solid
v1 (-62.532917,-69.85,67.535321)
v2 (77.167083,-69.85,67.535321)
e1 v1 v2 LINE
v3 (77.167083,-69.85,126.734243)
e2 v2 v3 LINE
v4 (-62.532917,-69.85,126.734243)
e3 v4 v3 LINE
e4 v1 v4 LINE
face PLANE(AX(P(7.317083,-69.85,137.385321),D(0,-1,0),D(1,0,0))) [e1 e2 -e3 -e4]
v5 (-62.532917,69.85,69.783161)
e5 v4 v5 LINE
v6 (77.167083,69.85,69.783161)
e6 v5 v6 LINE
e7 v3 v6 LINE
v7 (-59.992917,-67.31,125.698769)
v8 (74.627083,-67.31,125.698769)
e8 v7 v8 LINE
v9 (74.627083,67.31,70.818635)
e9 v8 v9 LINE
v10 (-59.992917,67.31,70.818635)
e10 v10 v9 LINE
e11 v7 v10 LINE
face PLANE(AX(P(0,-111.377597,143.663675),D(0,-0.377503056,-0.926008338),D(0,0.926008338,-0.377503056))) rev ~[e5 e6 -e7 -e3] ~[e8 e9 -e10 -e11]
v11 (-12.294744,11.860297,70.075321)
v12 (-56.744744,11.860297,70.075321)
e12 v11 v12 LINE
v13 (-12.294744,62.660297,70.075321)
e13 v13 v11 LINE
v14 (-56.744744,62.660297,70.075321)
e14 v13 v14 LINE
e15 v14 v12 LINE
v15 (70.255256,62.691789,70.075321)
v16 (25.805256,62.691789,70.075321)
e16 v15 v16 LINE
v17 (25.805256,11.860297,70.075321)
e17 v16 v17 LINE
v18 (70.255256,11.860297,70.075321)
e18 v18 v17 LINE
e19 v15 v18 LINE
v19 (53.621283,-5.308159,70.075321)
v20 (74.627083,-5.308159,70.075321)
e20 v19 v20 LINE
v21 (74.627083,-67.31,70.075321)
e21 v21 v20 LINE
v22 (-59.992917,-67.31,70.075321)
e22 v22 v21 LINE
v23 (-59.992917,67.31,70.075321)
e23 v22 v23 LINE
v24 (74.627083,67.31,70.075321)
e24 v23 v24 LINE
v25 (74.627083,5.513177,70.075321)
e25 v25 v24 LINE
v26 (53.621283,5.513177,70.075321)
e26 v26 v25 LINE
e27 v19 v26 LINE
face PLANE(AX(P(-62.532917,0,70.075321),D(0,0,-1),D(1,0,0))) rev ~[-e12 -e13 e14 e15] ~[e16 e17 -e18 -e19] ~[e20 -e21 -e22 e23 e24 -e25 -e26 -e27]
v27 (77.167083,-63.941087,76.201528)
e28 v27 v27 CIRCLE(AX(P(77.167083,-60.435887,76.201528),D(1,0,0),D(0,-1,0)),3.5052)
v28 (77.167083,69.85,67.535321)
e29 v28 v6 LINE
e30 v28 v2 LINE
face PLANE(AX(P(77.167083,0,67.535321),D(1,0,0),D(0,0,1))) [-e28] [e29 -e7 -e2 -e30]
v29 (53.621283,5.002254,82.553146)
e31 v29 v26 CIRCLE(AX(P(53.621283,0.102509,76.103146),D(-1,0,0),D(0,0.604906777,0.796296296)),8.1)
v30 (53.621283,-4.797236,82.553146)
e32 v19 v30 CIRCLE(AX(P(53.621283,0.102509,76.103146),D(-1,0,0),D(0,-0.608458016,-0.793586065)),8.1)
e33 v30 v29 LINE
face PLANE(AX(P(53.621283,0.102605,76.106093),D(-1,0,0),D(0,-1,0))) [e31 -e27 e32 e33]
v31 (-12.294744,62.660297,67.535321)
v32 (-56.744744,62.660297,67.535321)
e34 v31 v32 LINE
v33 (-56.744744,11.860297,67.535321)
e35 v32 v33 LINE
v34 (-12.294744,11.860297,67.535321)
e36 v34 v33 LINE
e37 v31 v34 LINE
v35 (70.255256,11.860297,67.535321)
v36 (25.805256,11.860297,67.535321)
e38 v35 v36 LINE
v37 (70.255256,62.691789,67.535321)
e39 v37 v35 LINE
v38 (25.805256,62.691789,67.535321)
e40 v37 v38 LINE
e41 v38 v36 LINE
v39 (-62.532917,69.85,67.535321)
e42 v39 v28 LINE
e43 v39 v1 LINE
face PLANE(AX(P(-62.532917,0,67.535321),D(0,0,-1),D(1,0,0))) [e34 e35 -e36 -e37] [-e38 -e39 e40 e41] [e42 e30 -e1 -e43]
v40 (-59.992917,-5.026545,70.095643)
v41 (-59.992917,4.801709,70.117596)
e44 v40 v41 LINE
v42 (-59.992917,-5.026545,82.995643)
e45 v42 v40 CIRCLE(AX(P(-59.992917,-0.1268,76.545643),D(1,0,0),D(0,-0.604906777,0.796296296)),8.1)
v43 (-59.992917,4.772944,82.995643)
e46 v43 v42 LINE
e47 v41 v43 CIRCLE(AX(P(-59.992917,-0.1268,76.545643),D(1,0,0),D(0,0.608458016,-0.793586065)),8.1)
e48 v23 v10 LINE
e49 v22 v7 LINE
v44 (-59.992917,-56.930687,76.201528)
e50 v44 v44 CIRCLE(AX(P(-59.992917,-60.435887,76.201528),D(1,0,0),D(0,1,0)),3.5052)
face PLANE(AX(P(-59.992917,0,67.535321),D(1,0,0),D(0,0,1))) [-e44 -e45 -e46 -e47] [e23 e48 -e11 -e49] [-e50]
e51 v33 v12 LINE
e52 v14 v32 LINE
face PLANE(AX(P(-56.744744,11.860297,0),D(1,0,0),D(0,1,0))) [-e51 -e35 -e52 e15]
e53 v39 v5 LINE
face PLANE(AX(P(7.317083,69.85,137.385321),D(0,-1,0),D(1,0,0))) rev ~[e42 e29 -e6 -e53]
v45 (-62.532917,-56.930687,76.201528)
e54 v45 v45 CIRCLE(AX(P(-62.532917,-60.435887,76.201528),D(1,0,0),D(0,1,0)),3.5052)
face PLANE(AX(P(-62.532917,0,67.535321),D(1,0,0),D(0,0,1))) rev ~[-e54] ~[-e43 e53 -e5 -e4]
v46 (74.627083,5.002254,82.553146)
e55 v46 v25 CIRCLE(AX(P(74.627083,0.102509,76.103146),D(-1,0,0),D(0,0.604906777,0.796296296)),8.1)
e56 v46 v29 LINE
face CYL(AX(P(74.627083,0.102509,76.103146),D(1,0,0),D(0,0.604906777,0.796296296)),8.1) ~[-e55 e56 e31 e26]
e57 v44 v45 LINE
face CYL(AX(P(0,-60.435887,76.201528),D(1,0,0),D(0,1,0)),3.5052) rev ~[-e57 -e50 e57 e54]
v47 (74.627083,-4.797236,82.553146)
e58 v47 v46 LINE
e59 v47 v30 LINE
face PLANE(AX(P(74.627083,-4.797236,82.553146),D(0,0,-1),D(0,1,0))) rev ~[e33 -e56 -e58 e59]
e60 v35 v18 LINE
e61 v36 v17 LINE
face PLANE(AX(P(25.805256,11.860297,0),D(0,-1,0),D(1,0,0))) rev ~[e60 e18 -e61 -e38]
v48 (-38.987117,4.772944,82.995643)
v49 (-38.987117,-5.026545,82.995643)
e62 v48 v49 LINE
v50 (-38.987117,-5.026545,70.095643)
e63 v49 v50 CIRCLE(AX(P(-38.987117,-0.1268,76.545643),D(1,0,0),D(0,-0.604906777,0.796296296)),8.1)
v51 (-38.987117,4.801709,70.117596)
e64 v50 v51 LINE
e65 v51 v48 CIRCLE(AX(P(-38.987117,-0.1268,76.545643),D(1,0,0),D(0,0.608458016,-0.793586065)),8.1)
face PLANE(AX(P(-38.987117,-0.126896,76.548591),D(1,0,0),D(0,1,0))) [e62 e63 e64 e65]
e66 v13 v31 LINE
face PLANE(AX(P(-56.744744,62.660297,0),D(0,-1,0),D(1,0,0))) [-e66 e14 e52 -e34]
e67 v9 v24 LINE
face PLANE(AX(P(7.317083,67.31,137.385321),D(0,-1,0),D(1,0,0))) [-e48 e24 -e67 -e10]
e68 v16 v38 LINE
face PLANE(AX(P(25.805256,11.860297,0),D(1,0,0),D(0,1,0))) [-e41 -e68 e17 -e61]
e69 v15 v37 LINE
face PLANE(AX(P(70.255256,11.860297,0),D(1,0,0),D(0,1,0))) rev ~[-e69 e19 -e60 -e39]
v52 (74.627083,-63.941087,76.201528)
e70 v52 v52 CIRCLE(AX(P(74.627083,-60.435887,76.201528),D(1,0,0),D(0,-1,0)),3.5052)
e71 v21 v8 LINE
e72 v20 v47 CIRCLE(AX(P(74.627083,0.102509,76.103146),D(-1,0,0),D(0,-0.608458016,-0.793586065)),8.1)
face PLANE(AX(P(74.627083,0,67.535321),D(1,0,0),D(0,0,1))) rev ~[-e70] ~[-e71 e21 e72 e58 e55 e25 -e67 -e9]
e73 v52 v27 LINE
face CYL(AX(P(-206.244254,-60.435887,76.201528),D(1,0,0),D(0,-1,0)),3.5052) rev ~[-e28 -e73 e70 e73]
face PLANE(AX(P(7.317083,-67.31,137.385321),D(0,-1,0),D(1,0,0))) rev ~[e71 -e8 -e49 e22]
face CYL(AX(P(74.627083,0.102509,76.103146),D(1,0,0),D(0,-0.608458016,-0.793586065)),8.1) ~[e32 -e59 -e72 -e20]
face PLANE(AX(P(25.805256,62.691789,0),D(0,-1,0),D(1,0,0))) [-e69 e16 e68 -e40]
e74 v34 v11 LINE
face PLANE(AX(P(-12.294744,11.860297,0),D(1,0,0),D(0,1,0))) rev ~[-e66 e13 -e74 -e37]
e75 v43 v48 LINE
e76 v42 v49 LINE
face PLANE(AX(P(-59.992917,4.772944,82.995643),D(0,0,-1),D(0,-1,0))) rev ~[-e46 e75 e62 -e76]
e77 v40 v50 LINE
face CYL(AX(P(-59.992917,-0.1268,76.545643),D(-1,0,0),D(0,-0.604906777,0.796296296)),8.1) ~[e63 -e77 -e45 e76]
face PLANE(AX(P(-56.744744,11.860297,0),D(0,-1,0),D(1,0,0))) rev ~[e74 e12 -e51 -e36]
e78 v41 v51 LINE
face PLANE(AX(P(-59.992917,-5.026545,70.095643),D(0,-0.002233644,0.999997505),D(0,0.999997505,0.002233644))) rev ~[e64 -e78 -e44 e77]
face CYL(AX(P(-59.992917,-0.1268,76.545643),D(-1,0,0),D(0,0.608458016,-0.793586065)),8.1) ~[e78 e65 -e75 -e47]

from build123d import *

# Parameters (mm, degrees)
F0_W      = 139.7
F0_H      = 139.7
F2_DEPTH  = 69.85
F3_W      = 44.45
F3_H      = 50.8
F4_DEPTH  = 101.6
F3_H_2    = 50.8314919436
F6_DEPTH  = 101.6
F8_T      = -2.54
F10_D     = 7.0104
F10_DEPTH = 62.5339166651
F11_D     = 7.0104
F13_DEPTH = 21.0058
F15_DEPTH = 21.0058


with BuildPart() as f2:
    # F0 (on Front) → F2 (new body, symmetric)
    with BuildSketch(Plane.XZ):
        with Locations((7.3170833349, 137.3853212178)):
            Rectangle(F0_W, F0_H)
    extrude(amount=F2_DEPTH, both=True)


with BuildPart() as f4:
    # F3 (on Top) → F4 (new body, symmetric)
    with BuildSketch(Plane.XY):
        with Locations((-34.519743681, 37.2602967441)):
            Rectangle(F3_W, F3_H)
    extrude(amount=F4_DEPTH, both=True)


with BuildPart() as f4b:
    # F3 (on Top) → F4, piece 2 (new body, symmetric)
    with BuildSketch(Plane.XY):
        with Locations((48.030256319, 37.2760427159)):
            Rectangle(F3_W, F3_H_2)
    extrude(amount=F4_DEPTH, both=True)


with BuildPart() as f6:
    # F5 (on Right) → F6 (new body, symmetric)
    with BuildSketch(Plane.YZ):
        Polygon((76.787297499, 66.9550536128), (134.3187632341, 208.0787243784), (-53.84613112, 284.7873453586), (-111.3775968552, 143.663674593), align=None)
    extrude(amount=F6_DEPTH, both=True)


with BuildPart() as f2_1:
    add(f2.part)

    # F7: cut F6
    add(f6.part, mode=Mode.SUBTRACT)

    # F8
    f8_openings = [f2_1.faces().sort_by_distance(p)[0] for p in [
        (7.317083, 0, 98.258702),
    ]]
    offset(amount=F8_T, openings=f8_openings)

    # F9: cut F4b, F4
    add(f4b.part, mode=Mode.SUBTRACT)
    add(f4.part, mode=Mode.SUBTRACT)

    # F10 (through all, one way)
    with BuildSketch(Plane.YZ):
        with Locations((-60.4358874261, 76.2015281631)):
            Circle(F10_D / 2)
    extrude(amount=-F10_DEPTH, mode=Mode.SUBTRACT)

    # F11 (through all)
    with Locations(Plane(origin=(0, 0, 0), x_dir=(0, 1, 0), z_dir=(-1, 0, 0))):
        with Locations((-60.4358874261, -76.2015281631)):
            Hole(F11_D / 2)

    # F12 (on face) → F13 (join)
    with BuildSketch(Plane(origin=(74.6270833349, 0, 0), x_dir=(0, -1, 0), z_dir=(-1, 0, 0))):
        with BuildLine():
            Line((4.7972360938, 82.5531459689), (-5.0022536889, 82.5531459689))
            ThreePointArc((-5.0022536889, 82.5531459689), (-8.2025087976, 76.1031459689), (-5.0022536889, 69.6531459689))
            Line((-5.0022536889, 69.6531459689), (4.8260011356, 69.6750988441))
            ThreePointArc((4.8260011356, 69.6750988441), (7.9974709963, 76.1212384837), (4.7972360938, 82.5531459689))
        make_face()
    extrude(amount=F13_DEPTH)

    # F14 (on face) → F15 (join)
    with BuildSketch(Plane.YZ.offset(-59.9929166651)):
        with BuildLine():
            Line((4.7729444071, 82.9956434011), (-5.0265453756, 82.9956434011))
            ThreePointArc((-5.0265453756, 82.9956434011), (-8.2268004843, 76.5456434011), (-5.0265453756, 70.0956434011))
            Line((-5.0265453756, 70.0956434011), (4.8017094489, 70.1175962763))
            ThreePointArc((4.8017094489, 70.1175962763), (7.9731793096, 76.5637359159), (4.7729444071, 82.9956434011))
        make_face()
    extrude(amount=F15_DEPTH)


solid = f2_1.part
